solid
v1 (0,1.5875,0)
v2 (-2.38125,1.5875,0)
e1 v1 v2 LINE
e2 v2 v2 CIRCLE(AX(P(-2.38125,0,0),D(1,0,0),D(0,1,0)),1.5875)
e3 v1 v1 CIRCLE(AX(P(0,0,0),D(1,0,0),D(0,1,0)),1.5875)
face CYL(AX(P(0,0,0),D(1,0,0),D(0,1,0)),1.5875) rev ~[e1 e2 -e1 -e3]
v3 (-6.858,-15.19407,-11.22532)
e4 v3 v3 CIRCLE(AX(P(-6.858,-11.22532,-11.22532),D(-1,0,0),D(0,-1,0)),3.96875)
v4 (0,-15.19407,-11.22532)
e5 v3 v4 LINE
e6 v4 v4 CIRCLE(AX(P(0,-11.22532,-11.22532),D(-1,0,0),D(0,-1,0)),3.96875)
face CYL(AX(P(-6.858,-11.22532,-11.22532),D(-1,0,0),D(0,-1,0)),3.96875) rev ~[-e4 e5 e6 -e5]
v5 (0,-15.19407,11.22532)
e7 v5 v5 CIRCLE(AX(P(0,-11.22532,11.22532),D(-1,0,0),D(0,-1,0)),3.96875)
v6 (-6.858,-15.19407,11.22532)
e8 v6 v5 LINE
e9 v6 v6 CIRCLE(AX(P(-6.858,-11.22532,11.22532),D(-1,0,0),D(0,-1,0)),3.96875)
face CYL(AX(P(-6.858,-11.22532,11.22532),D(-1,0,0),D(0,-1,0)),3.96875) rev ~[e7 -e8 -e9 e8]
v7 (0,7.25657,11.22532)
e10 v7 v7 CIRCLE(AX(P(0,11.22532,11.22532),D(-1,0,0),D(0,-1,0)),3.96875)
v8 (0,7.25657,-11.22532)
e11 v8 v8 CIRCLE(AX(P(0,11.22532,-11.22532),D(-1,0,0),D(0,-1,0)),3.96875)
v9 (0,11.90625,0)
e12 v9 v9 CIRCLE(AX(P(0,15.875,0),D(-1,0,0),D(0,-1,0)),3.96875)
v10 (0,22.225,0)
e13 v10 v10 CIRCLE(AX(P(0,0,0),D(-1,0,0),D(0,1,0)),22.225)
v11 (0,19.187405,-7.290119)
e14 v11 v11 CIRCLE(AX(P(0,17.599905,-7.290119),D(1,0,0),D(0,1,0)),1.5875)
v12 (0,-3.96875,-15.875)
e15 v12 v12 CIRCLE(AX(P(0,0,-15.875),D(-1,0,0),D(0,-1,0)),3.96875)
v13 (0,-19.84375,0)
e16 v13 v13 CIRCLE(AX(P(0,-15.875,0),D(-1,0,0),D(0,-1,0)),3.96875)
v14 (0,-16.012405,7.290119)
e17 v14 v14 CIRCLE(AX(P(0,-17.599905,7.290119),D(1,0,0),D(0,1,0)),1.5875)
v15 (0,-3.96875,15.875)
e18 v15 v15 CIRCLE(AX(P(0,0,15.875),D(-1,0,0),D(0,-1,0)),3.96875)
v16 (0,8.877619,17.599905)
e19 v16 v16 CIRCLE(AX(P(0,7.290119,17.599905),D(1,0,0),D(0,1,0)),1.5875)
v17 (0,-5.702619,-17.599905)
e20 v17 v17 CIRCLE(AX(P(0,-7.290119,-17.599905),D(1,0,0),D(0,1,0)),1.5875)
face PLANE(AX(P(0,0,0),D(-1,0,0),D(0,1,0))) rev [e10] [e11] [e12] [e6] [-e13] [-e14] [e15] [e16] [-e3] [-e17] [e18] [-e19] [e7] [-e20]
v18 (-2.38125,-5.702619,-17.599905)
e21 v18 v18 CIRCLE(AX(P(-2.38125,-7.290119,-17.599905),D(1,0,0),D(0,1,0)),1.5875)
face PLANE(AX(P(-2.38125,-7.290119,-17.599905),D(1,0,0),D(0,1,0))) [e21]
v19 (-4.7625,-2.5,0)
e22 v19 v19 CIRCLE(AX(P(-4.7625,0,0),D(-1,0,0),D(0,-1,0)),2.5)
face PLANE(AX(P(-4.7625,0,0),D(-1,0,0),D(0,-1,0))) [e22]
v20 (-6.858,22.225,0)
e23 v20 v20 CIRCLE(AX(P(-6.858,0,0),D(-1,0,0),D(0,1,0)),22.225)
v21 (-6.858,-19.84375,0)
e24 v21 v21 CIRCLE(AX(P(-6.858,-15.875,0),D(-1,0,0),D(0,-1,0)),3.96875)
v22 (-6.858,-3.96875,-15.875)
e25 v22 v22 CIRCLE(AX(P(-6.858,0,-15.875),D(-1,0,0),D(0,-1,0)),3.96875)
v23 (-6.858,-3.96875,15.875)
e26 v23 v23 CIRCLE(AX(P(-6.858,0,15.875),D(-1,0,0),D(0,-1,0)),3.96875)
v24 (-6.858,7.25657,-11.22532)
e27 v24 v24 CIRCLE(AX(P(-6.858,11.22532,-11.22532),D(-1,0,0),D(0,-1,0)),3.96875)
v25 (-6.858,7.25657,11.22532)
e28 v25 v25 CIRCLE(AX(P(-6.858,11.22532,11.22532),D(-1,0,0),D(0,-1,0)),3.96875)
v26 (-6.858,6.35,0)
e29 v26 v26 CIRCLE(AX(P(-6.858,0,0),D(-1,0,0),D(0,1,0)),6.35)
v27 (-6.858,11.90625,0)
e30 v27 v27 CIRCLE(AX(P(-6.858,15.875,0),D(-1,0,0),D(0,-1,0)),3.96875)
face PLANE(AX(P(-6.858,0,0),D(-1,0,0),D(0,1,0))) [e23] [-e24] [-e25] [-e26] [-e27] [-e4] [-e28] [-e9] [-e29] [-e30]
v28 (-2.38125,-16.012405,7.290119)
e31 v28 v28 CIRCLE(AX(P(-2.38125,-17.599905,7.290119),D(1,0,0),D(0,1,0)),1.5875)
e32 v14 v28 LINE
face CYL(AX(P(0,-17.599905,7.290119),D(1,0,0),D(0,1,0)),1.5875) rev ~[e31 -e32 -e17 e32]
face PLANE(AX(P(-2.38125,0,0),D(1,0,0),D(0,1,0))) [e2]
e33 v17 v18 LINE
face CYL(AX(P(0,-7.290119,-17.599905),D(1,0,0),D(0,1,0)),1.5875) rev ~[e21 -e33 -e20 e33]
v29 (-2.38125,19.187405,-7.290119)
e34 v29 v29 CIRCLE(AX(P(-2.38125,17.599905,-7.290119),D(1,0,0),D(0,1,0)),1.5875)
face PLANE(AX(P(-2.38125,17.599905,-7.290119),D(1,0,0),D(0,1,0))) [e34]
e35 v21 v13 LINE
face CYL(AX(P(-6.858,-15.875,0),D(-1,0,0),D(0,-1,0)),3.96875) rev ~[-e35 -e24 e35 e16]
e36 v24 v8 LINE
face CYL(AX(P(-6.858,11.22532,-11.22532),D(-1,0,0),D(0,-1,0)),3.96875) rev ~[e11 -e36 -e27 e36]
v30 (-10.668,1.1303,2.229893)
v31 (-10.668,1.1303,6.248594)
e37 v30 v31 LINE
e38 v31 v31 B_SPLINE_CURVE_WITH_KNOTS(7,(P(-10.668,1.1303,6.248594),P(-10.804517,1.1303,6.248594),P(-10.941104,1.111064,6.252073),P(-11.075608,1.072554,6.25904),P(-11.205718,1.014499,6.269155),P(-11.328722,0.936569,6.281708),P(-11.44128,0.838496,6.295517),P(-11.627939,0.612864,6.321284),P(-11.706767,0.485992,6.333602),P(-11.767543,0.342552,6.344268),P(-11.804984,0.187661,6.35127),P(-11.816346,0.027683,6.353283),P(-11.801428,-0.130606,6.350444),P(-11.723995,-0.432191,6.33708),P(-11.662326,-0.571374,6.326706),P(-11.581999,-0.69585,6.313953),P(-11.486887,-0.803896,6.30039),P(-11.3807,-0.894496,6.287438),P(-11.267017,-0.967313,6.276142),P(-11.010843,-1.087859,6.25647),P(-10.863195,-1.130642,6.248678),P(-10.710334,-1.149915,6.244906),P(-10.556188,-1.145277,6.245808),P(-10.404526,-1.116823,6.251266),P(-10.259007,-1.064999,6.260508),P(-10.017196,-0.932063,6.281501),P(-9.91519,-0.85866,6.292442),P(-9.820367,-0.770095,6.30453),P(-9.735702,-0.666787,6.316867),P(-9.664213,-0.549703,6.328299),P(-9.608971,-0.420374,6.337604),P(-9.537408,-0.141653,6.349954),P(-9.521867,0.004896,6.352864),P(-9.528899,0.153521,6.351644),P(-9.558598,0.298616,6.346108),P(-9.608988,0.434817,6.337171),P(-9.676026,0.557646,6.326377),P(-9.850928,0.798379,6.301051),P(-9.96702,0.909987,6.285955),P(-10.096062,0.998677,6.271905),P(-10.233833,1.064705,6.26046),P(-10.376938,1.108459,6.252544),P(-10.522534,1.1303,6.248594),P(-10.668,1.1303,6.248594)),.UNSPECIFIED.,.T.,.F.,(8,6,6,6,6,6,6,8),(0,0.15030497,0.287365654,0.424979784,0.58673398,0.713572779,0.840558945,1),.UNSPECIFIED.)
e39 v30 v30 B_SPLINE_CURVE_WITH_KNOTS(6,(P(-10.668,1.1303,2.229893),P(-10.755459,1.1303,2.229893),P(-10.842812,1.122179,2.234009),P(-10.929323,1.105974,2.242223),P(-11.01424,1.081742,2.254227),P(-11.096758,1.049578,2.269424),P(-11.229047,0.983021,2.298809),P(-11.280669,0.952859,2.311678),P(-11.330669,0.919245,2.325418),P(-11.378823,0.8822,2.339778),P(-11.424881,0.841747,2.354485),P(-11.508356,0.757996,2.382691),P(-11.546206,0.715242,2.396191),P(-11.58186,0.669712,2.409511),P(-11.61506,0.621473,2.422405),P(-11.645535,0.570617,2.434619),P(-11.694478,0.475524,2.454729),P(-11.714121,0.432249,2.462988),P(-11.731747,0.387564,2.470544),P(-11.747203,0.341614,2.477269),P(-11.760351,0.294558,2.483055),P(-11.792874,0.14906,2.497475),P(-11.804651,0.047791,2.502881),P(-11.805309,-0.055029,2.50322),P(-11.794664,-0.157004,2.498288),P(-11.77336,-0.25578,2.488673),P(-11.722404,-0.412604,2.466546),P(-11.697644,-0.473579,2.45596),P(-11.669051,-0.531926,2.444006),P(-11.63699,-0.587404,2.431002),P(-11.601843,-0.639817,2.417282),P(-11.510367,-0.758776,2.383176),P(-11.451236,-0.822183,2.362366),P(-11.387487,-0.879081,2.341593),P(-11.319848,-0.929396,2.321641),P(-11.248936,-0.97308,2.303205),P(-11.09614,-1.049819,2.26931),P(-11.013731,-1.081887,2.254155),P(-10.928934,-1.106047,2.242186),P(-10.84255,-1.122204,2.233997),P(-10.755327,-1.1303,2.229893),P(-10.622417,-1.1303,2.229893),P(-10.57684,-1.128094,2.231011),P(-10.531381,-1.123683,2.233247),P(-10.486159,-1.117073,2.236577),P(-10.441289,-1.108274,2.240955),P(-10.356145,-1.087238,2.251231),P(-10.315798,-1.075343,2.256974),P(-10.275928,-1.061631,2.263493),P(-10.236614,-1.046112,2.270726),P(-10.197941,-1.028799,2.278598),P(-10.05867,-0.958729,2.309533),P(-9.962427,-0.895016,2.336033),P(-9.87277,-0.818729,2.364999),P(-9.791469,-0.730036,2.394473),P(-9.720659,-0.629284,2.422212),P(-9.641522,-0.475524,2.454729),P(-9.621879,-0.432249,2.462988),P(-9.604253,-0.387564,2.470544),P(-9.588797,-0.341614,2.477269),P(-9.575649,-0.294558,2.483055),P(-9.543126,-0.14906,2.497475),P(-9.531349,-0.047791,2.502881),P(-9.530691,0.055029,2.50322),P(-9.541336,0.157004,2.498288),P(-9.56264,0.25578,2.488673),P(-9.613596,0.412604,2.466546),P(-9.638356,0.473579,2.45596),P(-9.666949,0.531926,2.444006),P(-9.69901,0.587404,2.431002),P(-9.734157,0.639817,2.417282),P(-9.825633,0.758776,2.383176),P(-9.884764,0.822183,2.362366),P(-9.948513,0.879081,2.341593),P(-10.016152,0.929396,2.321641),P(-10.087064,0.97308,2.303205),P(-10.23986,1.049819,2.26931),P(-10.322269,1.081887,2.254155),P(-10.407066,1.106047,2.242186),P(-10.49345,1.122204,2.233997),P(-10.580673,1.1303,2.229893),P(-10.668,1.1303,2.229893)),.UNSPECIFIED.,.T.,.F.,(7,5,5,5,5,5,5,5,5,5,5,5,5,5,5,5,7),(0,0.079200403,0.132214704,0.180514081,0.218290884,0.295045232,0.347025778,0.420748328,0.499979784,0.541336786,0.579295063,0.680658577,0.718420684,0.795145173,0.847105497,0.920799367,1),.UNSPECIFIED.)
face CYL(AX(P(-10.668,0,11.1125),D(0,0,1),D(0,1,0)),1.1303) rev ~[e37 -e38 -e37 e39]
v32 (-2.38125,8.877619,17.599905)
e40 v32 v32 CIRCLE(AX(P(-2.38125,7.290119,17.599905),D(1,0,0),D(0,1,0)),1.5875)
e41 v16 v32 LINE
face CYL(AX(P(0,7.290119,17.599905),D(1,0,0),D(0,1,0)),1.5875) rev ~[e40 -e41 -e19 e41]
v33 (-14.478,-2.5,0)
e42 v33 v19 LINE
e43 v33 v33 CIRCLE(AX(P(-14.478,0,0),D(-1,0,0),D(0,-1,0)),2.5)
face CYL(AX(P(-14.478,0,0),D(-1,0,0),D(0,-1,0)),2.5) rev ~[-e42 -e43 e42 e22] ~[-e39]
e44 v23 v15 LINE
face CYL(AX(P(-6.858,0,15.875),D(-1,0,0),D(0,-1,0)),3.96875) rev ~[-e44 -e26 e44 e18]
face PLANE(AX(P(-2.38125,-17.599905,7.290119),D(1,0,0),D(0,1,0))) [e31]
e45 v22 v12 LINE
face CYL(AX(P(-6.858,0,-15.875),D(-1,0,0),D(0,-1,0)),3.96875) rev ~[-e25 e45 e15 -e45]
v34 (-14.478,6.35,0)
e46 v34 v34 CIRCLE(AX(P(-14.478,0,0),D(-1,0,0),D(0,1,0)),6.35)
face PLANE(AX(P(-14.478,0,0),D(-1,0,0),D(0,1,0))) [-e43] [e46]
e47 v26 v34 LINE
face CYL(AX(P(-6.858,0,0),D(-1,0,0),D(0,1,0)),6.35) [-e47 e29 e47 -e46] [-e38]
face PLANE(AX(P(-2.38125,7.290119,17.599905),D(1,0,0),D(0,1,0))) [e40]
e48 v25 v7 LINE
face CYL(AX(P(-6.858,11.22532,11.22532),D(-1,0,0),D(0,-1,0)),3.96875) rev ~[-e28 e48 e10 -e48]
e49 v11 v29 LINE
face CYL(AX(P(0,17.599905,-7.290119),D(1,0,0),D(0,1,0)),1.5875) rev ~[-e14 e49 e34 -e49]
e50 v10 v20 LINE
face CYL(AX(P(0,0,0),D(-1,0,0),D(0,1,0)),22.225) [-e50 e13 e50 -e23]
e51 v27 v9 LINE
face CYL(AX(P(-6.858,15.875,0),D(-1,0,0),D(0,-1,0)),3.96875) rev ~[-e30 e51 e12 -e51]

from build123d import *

# Parameters (mm, degrees)
SKETCH2_R          = 3.96875
CUT_EXTRUDE1_DEPTH = 33.341392209
SKETCH4_R          = 2.5
CUT_EXTRUDE2_DEPTH = 9.7155
SKETCH5_R          = 1.5875
CUT_EXTRUDE3_DEPTH = 2.38125
SKETCH6_W          = 1.1303
SKETCH6_H          = 22.225


with BuildPart() as part:
    # Sketch1 → Revolve1 (revolve)
    with BuildSketch(Plane.XY):
        Polygon((0, 0), (0, 22.225), (-6.858, 22.225), (-6.858, 6.35), (-14.478, 6.35), (-14.478, 0), align=None)
    revolve(axis=Axis((0, 0, 0), (-1, 0, 0)))

    # Sketch2 → Cut-Extrude1 (cut, through all)
    with BuildSketch(Plane.ZY.offset(6.858)):
        with Locations(Location((0, 15.875, 0), (0, 0, 270))):
            Circle(SKETCH2_R)
        with Locations(Location((11.225320151, 11.225320151, 0), (0, 0, 270))):
            Circle(SKETCH2_R)
        with Locations(Location((15.875, 0, 0), (0, 0, 270))):
            Circle(SKETCH2_R)
        with Locations(Location((11.225320151, -11.225320151, 0), (0, 0, 270))):
            Circle(SKETCH2_R)
        with Locations(Location((0, -15.875, 0), (0, 0, 270))):
            Circle(SKETCH2_R)
        with Locations(Location((-11.225320151, -11.225320151, 0), (0, 0, 270))):
            Circle(SKETCH2_R)
        with Locations(Location((-15.875, 0, 0), (0, 0, 270))):
            Circle(SKETCH2_R)
        with Locations(Location((-11.225320151, 11.225320151, 0), (0, 0, 270))):
            Circle(SKETCH2_R)
    extrude(amount=-CUT_EXTRUDE1_DEPTH, mode=Mode.SUBTRACT)

    # Sketch4 → Cut-Extrude2 (cut)
    with BuildSketch(Plane.ZY.offset(14.478)):
        with Locations(Location((0, 0, 0), (0, 0, 270))):
            Circle(SKETCH4_R)
    extrude(amount=-CUT_EXTRUDE2_DEPTH, mode=Mode.SUBTRACT)

    # Sketch5 → Cut-Extrude3 (cut)
    with BuildSketch(Plane(origin=(0, 0, 0), x_dir=(0, 0, -1), z_dir=(1, 0, 0))):
        with Locations(Location((0, 0, 0), (0, 0, 90))):
            Circle(SKETCH5_R)
        with Locations(Location((-17.599905094, 7.290119387, 0), (0, 0, 90))):
            Circle(SKETCH5_R)
        with Locations(Location((7.290119387, 17.599905094, 0), (0, 0, 90))):
            Circle(SKETCH5_R)
        with Locations(Location((17.599905094, -7.290119387, 0), (0, 0, 90))):
            Circle(SKETCH5_R)
        with Locations(Location((-7.290119387, -17.599905094, 0), (0, 0, 90))):
            Circle(SKETCH5_R)
    extrude(amount=-CUT_EXTRUDE3_DEPTH, mode=Mode.SUBTRACT)

    # Sketch6 → #4-40 Tapped Hole1 (revolve, cut)
    with BuildSketch(Plane.YZ.offset(-10.668)):
        with Locations((0.56515, 11.1125)):
            Rectangle(SKETCH6_W, SKETCH6_H)
    revolve(axis=Axis((-10.668, 0, -6.35), (0, 0, 1)), mode=Mode.SUBTRACT)


solid = part.part
